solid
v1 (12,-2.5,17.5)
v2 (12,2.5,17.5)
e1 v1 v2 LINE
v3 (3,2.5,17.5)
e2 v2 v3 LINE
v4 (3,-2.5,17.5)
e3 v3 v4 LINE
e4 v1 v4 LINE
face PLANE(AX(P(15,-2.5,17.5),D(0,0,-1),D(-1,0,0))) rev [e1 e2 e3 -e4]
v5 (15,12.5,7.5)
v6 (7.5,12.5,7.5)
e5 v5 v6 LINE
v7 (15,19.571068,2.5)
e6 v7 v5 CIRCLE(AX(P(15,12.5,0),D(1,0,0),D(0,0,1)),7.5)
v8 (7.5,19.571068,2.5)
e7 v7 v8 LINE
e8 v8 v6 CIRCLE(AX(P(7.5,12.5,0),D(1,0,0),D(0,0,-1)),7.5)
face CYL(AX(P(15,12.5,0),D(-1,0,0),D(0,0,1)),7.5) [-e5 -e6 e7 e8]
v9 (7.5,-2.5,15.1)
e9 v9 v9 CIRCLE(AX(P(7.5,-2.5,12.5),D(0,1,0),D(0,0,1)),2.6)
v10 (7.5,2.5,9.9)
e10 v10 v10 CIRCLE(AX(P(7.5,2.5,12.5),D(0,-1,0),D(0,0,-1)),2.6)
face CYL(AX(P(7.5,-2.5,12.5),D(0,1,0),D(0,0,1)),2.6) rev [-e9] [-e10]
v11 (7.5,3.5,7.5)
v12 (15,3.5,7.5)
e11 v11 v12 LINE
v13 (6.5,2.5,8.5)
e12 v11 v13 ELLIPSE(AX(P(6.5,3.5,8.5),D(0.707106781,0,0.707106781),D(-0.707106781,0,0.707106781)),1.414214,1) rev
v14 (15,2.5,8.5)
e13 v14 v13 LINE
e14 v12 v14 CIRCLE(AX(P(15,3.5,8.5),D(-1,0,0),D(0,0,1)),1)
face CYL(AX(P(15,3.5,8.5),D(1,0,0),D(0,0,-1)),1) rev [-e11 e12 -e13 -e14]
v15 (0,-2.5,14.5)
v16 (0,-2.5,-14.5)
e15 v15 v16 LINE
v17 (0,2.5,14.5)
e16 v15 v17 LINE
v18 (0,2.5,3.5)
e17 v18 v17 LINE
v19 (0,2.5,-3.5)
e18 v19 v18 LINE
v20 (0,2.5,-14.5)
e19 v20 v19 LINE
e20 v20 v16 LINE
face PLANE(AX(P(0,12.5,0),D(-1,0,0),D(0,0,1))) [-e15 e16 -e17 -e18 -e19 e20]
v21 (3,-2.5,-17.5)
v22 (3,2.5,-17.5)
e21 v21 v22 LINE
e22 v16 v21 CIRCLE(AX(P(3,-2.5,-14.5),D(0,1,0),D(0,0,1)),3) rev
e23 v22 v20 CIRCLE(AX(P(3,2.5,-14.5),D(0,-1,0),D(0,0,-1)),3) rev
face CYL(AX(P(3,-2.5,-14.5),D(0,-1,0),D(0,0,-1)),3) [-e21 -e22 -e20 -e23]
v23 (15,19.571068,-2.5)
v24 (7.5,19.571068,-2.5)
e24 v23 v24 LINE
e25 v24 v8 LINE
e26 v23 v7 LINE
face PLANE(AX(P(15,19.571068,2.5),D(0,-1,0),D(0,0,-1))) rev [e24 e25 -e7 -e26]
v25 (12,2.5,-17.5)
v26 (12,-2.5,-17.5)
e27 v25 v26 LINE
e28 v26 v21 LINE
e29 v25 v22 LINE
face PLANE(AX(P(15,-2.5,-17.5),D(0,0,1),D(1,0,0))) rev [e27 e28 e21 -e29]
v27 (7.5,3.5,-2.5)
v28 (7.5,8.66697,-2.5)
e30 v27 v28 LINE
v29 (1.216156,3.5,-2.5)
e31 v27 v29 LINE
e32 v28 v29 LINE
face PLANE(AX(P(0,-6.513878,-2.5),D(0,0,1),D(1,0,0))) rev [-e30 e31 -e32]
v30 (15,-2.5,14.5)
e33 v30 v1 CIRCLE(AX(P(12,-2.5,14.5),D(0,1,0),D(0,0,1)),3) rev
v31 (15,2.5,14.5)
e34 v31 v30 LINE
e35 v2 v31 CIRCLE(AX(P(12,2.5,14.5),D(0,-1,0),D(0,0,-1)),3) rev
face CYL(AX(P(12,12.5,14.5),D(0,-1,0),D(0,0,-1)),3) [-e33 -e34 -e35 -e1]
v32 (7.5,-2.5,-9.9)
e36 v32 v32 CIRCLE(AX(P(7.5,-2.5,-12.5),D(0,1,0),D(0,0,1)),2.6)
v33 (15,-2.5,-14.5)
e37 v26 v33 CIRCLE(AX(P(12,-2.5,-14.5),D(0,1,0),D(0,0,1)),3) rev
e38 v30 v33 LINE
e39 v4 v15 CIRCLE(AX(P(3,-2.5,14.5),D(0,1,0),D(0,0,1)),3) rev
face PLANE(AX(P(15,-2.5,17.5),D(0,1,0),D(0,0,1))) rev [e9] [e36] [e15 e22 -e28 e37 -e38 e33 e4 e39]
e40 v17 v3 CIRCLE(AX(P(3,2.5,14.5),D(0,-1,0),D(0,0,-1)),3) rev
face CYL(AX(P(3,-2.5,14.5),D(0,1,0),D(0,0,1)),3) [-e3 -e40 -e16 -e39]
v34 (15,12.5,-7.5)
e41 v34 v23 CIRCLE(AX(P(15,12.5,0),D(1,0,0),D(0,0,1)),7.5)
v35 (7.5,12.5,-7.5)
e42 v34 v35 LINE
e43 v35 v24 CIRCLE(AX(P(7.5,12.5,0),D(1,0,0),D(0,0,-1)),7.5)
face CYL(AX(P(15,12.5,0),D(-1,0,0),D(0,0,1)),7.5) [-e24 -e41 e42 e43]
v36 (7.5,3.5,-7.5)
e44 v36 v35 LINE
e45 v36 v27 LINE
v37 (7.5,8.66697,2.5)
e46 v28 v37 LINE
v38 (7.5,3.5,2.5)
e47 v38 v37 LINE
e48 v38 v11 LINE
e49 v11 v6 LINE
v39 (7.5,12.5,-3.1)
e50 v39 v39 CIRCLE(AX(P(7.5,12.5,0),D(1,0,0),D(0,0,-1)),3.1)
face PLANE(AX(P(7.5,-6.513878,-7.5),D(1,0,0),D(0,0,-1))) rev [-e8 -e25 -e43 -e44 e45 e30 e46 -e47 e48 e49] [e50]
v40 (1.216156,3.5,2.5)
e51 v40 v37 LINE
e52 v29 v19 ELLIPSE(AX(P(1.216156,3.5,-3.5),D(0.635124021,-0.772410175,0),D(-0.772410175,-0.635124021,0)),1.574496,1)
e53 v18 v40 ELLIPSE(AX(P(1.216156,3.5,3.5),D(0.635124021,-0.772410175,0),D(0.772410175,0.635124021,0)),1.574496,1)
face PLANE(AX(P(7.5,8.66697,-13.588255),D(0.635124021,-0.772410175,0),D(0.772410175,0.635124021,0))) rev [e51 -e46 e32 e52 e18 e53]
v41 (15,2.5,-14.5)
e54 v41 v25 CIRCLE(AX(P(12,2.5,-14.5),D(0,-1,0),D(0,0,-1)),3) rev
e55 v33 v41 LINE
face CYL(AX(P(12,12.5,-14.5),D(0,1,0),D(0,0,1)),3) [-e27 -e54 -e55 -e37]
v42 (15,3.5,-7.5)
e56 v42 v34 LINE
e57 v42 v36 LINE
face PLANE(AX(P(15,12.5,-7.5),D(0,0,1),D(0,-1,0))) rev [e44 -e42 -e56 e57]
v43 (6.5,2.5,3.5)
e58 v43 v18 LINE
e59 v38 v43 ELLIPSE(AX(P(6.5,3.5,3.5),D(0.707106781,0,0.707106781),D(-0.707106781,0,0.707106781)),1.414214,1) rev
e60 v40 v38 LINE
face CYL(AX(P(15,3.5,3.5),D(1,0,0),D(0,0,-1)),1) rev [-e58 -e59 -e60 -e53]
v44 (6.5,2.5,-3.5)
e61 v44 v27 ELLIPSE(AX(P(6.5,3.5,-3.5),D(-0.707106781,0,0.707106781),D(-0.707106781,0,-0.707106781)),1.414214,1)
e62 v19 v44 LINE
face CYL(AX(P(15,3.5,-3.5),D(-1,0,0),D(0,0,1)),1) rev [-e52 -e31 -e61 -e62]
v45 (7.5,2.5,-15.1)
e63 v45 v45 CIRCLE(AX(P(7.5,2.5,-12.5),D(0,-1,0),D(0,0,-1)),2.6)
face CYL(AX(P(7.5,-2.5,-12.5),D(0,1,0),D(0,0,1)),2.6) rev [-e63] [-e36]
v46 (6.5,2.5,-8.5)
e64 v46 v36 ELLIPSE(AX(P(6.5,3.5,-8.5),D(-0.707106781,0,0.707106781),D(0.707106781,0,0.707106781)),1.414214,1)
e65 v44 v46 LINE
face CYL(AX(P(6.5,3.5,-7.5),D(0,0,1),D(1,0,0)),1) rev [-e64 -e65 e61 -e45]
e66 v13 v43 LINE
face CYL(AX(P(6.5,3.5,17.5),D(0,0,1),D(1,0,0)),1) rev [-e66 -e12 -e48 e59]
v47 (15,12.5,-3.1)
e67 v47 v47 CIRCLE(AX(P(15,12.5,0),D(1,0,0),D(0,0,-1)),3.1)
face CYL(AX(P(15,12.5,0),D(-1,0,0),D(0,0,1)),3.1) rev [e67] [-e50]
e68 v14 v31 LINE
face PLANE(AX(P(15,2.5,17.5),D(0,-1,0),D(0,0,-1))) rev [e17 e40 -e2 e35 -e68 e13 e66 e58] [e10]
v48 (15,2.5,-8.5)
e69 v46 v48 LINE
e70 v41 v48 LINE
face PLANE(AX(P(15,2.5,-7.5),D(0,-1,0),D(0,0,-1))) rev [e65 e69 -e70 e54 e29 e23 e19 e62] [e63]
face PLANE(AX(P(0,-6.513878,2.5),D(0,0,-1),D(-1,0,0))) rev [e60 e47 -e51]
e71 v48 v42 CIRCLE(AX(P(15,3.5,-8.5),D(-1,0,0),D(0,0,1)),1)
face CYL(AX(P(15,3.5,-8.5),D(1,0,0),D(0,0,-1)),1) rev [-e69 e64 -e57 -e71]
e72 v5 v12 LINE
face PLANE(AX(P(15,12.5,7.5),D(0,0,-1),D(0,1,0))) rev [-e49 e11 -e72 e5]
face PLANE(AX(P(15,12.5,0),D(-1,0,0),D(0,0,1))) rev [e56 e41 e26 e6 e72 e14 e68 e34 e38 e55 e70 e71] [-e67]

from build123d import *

# Parameters (mm, degrees)
SKETCH1_R           = 3.1
BOSS_EXTRUDE1_DEPTH = 15
SKETCH2_R           = 2.6
CUT_EXTRUDE2_DEPTH  = 32.912098558
CUT_EXTRUDE4_REACH  = 33.912
SKETCH3_W           = 7.5
SKETCH3_H           = 5
SKETCH4_W           = 7.5
SKETCH4_H           = 5.238037534
CUT_EXTRUDE5_DEPTH  = 5
FILLET1_R           = 1
FILLET2_R           = 3


with BuildPart() as part:
    # Sketch1 → Boss-Extrude1 (new body)
    with BuildSketch(Plane(origin=(0, 0, 0), x_dir=(0, 0, -1), z_dir=(1, 0, 0))):
        with BuildLine():
            Line((7.5, 2.5), (17.5, 2.5))
            Line((17.5, 2.5), (17.5, -2.5))
            Line((17.5, -2.5), (-17.5, -2.5))
            Line((-17.5, -2.5), (-17.5, 2.5))
            Line((-17.5, 2.5), (-7.5, 2.5))
            Line((-7.5, 2.5), (-7.5, 12.5))
            ThreePointArc((-7.5, 12.5), (-6.123724357, 16.830127019), (-2.5, 19.571067812))
            Line((-2.5, 19.571067812), (2.5, 19.571067812))
            ThreePointArc((2.5, 19.571067812), (6.123724357, 16.830127019), (7.5, 12.5))
            Line((7.5, 12.5), (7.5, 2.5))
        make_face()
        with Locations((0, 12.5)):
            Circle(SKETCH1_R, mode=Mode.SUBTRACT)
    extrude(amount=BOSS_EXTRUDE1_DEPTH)

    # Sketch2 → Cut-Extrude2 (cut, through all)
    with BuildSketch(Plane(origin=(0, 19.571067812, 0), x_dir=(1, 0, 0), z_dir=(0, 1, 0))):
        with Locations(Location((7.5, 12.5, 0), (0, 0, 270))):
            Circle(SKETCH2_R)
        with Locations(Location((7.5, -12.5, 0), (0, 0, 270))):
            Circle(SKETCH2_R)
    extrude(amount=-CUT_EXTRUDE2_DEPTH, mode=Mode.SUBTRACT)

    # Cut-Extrude4: up to this face of the body (flat: up to its plane)
    cut_extrude4_end = Plane(part.part.faces().sort_by_distance((7.5, 2.5, 17.319722436))[0])
    # Sketch3 → Cut-Extrude4 (cut, up to the picked face)
    with BuildSketch(Plane(origin=(0, 19.571067812, 0), x_dir=(1, 0, 0), z_dir=(0, 1, 0)), mode=Mode.PRIVATE) as cut_extrude4_sk1:
        with Locations((3.75, -5)):
            Rectangle(SKETCH3_W, SKETCH3_H)
    cut_extrude4_tool1 = split(extrude(cut_extrude4_sk1.sketch, amount=-CUT_EXTRUDE4_REACH, mode=Mode.PRIVATE), bisect_by=cut_extrude4_end, keep=Keep.BOTH, mode=Mode.PRIVATE)
    # Sketch3 → Cut-Extrude4 (cut, up to the picked face)
    with BuildSketch(Plane(origin=(0, 19.571067812, 0), x_dir=(1, 0, 0), z_dir=(0, 1, 0)), mode=Mode.PRIVATE) as cut_extrude4_sk2:
        with Locations((3.75, 5)):
            Rectangle(SKETCH3_W, SKETCH3_H)
    cut_extrude4_tool2 = split(extrude(cut_extrude4_sk2.sketch, amount=-CUT_EXTRUDE4_REACH, mode=Mode.PRIVATE), bisect_by=cut_extrude4_end, keep=Keep.BOTH, mode=Mode.PRIVATE)
    add(cut_extrude4_tool1.solids().sort_by(Axis((3.75, 19.571068, 5), (0, -1, 0)))[0], mode=Mode.SUBTRACT)
    add(cut_extrude4_tool2.solids().sort_by(Axis((3.75, 19.571068, -5), (0, -1, 0)))[0], mode=Mode.SUBTRACT)

    # Sketch4 → Cut-Extrude5 (cut)
    with BuildSketch(Plane.XY.offset(2.5)):
        Polygon((7.5, 8.666969722), (0, 2.5), (0, 10.666969722), (7.5, 10.666969722), align=None)
        with Locations((3.75, 16.952049045)):
            Rectangle(SKETCH4_W, SKETCH4_H)
    extrude(amount=-CUT_EXTRUDE5_DEPTH, mode=Mode.SUBTRACT)

    # Fillet1
    fillet1_edges = [part.edges().sort_by_distance(p)[0] for p in [
        (11.25, 2.5, 7.5),
        (11.25, 2.5, -7.5),
        (7.5, 2.5, -5),
        (3.75, 2.5, -2.5),
        (7.5, 2.5, 5),
        (3.75, 2.5, 2.5),
    ]]
    fillet(fillet1_edges, radius=FILLET1_R)

    # Fillet2
    fillet2_edges = [part.edges().sort_by_distance(p)[0] for p in [
        (0, 0, 17.5),
        (0, 0, -17.5),
        (15, 0, 17.5),
        (15, 0, -17.5),
    ]]
    fillet(fillet2_edges, radius=FILLET2_R)


solid = part.part
